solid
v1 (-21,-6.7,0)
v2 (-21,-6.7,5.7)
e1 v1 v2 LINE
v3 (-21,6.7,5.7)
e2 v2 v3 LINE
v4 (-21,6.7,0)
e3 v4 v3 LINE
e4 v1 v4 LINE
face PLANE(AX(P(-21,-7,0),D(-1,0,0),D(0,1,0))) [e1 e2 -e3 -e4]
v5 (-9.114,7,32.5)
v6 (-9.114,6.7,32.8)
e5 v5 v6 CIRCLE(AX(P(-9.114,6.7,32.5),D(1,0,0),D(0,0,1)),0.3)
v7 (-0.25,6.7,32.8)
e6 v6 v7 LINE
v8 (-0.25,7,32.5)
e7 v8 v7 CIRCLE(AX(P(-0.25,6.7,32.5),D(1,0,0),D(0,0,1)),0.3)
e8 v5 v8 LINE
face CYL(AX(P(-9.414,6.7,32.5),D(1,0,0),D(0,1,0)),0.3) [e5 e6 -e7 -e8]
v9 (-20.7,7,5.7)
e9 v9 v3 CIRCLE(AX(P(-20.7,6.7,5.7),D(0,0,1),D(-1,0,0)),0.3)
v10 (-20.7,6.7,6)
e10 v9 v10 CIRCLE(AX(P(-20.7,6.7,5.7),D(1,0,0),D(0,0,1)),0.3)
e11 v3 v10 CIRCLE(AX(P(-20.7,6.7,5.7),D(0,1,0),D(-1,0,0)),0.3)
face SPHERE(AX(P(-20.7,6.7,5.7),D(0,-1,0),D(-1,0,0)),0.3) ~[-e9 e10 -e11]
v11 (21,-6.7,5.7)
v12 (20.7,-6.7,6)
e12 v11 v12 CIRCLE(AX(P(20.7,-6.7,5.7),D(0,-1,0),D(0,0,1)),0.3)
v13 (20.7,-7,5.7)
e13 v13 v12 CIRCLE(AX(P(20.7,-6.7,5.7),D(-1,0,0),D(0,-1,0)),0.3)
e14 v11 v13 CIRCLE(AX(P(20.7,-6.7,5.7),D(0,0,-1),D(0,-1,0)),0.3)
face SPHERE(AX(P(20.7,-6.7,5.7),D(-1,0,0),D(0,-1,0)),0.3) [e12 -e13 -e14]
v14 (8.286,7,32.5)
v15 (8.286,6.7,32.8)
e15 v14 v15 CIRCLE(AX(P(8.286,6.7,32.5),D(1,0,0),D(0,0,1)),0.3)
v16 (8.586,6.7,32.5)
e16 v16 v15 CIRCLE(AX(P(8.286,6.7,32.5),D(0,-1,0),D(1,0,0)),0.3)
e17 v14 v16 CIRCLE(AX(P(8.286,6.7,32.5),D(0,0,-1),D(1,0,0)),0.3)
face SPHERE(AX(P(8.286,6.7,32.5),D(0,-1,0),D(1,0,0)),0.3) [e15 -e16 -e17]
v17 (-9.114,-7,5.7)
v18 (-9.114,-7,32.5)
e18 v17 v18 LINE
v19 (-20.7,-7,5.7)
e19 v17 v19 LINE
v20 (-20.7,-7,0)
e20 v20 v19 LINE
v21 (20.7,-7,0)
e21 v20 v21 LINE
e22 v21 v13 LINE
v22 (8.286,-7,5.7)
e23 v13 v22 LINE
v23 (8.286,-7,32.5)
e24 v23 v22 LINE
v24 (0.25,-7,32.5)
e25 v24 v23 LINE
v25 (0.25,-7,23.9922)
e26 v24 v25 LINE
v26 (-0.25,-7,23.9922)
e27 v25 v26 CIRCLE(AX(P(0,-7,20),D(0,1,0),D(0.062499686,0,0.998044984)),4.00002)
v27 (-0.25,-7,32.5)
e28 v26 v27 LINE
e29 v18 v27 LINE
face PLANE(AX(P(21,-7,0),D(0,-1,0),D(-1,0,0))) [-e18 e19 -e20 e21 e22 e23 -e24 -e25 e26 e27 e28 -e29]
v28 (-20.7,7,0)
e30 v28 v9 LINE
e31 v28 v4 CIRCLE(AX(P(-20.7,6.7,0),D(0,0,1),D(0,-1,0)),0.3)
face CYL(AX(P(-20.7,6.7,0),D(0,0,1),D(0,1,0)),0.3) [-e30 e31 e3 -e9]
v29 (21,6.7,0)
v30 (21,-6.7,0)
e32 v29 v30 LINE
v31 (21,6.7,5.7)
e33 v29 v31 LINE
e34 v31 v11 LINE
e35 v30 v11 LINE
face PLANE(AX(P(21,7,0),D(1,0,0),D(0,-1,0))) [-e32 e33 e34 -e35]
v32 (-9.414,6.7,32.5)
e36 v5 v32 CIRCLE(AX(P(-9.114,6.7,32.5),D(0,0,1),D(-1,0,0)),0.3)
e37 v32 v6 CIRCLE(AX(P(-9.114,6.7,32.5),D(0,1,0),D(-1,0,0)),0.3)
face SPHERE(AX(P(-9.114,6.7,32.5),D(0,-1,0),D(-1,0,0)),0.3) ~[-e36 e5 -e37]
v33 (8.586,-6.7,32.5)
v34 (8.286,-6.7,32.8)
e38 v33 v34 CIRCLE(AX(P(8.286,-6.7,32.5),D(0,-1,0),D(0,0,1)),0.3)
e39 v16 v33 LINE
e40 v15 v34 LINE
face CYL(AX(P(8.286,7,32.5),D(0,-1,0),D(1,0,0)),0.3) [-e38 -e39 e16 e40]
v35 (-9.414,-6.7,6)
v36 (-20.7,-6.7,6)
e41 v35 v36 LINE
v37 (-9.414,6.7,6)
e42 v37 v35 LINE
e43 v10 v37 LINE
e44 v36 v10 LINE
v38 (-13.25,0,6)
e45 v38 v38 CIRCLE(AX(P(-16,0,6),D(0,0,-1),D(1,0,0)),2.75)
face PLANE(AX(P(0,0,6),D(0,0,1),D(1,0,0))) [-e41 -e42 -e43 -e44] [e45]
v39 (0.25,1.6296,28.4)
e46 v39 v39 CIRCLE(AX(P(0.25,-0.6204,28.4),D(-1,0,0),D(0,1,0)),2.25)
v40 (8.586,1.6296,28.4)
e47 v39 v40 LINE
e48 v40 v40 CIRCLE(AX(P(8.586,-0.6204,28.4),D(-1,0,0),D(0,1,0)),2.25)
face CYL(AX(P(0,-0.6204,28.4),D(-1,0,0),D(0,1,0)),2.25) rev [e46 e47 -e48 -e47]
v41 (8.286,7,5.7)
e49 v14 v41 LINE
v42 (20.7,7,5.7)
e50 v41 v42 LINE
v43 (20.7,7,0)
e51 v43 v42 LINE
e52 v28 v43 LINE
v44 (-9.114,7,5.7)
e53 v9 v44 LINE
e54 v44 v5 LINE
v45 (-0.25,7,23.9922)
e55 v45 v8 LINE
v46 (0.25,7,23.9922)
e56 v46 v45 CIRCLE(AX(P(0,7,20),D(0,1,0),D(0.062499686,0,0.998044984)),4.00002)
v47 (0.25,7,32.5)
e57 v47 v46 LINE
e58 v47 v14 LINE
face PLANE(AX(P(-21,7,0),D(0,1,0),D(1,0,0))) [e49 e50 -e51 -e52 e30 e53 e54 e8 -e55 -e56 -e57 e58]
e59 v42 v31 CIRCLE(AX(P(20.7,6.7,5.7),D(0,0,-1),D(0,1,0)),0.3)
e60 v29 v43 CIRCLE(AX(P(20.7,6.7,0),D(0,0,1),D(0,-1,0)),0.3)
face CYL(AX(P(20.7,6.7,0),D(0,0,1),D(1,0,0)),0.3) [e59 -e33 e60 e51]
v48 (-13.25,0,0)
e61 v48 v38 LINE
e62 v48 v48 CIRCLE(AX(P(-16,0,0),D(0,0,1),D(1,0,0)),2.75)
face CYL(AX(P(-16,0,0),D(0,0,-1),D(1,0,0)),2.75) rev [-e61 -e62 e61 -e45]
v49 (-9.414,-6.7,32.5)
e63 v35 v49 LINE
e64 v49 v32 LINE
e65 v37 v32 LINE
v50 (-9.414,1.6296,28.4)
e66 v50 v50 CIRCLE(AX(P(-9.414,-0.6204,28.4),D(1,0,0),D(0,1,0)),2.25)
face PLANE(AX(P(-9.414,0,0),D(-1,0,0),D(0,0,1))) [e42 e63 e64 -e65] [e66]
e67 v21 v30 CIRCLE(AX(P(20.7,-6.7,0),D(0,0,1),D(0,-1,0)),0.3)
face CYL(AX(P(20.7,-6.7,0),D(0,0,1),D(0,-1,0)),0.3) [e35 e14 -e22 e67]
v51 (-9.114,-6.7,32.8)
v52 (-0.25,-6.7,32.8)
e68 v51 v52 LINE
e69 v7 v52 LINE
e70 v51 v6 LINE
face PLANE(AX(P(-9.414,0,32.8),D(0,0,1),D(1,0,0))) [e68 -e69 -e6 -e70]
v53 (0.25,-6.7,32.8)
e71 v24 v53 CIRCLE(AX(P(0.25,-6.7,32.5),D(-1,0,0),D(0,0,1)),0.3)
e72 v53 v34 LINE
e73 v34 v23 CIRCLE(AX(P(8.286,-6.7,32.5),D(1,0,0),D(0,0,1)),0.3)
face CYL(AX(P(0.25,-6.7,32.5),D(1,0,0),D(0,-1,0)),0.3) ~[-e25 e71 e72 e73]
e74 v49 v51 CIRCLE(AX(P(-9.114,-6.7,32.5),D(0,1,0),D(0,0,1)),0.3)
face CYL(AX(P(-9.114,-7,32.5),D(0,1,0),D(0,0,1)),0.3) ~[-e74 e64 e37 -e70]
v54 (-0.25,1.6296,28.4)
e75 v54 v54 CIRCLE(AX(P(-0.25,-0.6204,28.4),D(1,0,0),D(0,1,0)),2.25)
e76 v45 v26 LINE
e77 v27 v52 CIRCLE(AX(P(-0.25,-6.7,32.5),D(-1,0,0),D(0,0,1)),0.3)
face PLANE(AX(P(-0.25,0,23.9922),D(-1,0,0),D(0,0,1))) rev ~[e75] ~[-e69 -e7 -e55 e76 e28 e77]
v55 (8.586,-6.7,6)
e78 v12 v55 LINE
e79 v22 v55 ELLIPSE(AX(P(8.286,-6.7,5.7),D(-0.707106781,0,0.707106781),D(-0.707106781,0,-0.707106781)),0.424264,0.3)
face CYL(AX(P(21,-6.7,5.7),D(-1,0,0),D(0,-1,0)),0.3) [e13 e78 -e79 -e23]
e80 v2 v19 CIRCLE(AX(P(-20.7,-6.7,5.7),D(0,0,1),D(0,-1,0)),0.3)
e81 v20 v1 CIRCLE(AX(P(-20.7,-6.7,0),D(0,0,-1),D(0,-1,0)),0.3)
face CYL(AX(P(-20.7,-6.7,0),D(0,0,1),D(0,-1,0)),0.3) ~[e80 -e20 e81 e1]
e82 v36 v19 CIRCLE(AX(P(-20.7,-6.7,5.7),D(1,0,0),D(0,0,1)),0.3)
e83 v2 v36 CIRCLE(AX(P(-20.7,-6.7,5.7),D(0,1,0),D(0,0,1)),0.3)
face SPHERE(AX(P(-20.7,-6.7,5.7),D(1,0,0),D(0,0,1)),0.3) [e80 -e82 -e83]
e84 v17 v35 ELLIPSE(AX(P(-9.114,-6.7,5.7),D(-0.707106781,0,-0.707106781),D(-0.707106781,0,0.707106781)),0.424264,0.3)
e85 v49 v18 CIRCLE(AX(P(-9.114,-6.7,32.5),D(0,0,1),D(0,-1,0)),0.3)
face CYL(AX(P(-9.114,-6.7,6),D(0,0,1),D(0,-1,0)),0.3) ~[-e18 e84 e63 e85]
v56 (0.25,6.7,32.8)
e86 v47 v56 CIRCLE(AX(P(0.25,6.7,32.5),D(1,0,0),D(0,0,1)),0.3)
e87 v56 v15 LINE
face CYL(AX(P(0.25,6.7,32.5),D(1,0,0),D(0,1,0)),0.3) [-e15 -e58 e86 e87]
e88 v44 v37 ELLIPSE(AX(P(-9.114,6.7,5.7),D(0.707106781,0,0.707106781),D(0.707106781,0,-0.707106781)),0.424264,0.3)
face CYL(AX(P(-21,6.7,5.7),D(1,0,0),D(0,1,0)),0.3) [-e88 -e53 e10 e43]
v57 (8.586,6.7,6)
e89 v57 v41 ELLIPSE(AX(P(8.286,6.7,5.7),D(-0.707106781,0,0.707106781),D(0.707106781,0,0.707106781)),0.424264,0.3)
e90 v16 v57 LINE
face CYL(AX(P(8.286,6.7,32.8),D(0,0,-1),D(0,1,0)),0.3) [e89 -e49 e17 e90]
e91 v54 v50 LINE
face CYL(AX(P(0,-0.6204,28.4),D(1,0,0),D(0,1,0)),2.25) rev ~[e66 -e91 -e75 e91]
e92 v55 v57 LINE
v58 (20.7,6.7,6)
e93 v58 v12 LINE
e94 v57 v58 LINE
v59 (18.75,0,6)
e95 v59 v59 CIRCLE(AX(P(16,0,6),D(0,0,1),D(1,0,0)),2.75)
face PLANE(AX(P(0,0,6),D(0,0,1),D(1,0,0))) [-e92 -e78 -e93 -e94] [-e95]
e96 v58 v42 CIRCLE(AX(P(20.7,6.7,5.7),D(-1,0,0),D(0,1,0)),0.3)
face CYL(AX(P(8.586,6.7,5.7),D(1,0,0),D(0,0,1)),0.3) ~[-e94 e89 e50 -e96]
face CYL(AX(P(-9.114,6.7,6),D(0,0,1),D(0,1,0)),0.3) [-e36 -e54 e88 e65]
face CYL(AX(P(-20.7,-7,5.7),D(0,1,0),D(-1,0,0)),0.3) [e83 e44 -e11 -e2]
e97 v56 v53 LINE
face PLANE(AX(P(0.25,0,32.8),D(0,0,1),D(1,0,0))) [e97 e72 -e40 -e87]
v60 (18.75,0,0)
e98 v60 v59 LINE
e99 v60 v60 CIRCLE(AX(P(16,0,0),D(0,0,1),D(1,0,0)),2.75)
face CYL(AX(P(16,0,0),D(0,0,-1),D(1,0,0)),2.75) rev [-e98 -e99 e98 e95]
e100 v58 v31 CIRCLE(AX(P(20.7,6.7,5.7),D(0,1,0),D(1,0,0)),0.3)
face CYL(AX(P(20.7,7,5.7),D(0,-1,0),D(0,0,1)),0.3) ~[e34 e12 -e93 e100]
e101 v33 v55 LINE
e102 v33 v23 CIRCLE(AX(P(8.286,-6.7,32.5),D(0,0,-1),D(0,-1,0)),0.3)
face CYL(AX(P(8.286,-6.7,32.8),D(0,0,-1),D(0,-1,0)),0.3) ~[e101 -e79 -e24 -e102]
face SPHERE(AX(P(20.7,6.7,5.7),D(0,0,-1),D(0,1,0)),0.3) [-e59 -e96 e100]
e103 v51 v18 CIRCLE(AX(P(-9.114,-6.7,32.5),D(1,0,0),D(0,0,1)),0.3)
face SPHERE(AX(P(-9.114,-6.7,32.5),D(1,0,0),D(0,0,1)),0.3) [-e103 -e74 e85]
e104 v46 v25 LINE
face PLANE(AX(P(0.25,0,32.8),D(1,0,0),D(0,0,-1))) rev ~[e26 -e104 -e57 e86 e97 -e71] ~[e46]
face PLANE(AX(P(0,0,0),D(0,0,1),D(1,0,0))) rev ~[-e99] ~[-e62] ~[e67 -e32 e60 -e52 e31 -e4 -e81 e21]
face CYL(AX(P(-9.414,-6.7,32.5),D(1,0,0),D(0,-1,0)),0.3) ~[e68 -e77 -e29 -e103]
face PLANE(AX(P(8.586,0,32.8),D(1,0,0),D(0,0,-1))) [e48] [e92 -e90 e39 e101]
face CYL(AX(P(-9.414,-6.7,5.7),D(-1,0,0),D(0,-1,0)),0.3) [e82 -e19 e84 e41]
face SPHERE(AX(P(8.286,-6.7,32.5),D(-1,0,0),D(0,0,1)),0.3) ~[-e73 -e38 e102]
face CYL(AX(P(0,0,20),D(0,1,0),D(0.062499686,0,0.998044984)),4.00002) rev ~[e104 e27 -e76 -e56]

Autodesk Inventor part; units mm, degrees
ref_plane "YZ Plane" through (0, 0, 0) normal (1, 0, 0) x (0, 1, 0)
ref_plane "XZ Plane" through (0, 0, 0) normal (0, 1, 0) x (-1, 0, 0)
ref_plane "XY Plane" through (0, 0, 0) normal (0, 0, 1) x (1, 0, 0)
sketch "Boceto1" plane through (0, 0, 0) normal (0, 0, 1) x (1, 0, 0)
  line L0 (-19.271, 0) -> (-1.6402, 0)
  circle A0 centre (-16, 0) radius 2.75
  circle A1 centre (16, 0) radius 2.75
  line L1 (21, -7) -> (-21, -7)
  line L2 (-21, -7) -> (-21, 7)
  line L3 (-21, 7) -> (21, 7)
  line L4 (21, 7) -> (21, -7)
  line L5 (21, -7) -> (-21, 7) construction
  line L6 (-21, -7) -> (21, 7) construction
  point P0 (0, 0)
  point P1 (0, 0)
  dimension "d0" = 5.5
  dimension "d1" = 5.5
  dimension "d2" = 16
  dimension "d3" = 32
  dimension "d4" = 14
  dimension "d5" = 42
extrude "Extrusión1" add sketch "Boceto1" along normal blind 6
sketch "Boceto2" plane through (0, 0, 6) normal (0, 0, 1) x (1, 0, 0)
  point P0 (0, 0)
sketch "Boceto3" plane through (0, 0, 0) normal (0, 1, 0) x (-1, 0, 0)
  line L0 (-21, 0) -> (21, 0) projected
  line L1 (-8.586, 32.8) -> (-8.586, 0)
  line L2 (-8.586, 0) -> (9.414, 0)
  line L3 (9.414, 0) -> (9.414, 32.8)
  arc A0 (-0.25, 23.9922) -> (0.25, 23.9922) centre (0, 20) ccw
  line L4 (0.25, 36.8) -> (-0.25, 36.8)
  line L5 (-0.25, 32.8) -> (-0.25, 22.8)
  line L6 (-0.25, 22.8) -> (0.25, 22.8)
  line L7 (0.25, 22.8) -> (0.25, 32.8)
  line L8 (0.25, 36.8) -> (-0.25, 22.8) construction
  line L9 (-0.25, 36.8) -> (0.25, 22.8) construction
  line L10 (9.414, 32.8) -> (0.25, 32.8)
  line L11 (-0.25, 32.8) -> (-8.586, 32.8)
  point P0 (0, 0)
  dimension "d8" = 32.8
  dimension "d9" = 8
  dimension "d10" = 20
  dimension "d12" = 18
  dimension "d13" = 0.5
  dimension "d14" = 14
extrude "Extrusión2" add sketch "Boceto3" against normal mid plane 14 contours L1 L11 L5 A0 L7 L10 L3 L0
fillet "Empalme1" radius 0.3 20 edges at (-4.832, -7, 32.8) (4.418, -7, 32.8) (-15.207, -7, 6) (14.793, -7, 6) (-21, 0, 6) (-21, 7, 3) (-21, -7, 3) (21, -7, 3) (21, 7, 3) (14.793, 7, 6) (21, 0, 6) (-15.207, 7, 6) (8.586, 0, 32.8) (-9.414, 0, 32.8) (8.586, 7, 19.4) (-9.414, 7, 19.4) (8.586, -7, 19.4) (-9.414, -7, 19.4) (-4.832, 7, 32.8) (4.418, 7, 32.8)
sketch "Boceto5" plane through (0, 0, 0) normal (1, 0, 0) x (0, 1, 0)
  circle A0 centre (-0.6204, 28.4) radius 2.25
  line L0 (6.7, 0) -> (-6.7, 0) projected
  point P0 (0, 0)
  dimension "d18" = 4.5
  dimension "d19" = 28.4
extrude "Extrusión3" cut sketch "Boceto5" along normal mid plane 20
properties part number "SK8_LinearShaftSupport" material "Aluminum 6061"
